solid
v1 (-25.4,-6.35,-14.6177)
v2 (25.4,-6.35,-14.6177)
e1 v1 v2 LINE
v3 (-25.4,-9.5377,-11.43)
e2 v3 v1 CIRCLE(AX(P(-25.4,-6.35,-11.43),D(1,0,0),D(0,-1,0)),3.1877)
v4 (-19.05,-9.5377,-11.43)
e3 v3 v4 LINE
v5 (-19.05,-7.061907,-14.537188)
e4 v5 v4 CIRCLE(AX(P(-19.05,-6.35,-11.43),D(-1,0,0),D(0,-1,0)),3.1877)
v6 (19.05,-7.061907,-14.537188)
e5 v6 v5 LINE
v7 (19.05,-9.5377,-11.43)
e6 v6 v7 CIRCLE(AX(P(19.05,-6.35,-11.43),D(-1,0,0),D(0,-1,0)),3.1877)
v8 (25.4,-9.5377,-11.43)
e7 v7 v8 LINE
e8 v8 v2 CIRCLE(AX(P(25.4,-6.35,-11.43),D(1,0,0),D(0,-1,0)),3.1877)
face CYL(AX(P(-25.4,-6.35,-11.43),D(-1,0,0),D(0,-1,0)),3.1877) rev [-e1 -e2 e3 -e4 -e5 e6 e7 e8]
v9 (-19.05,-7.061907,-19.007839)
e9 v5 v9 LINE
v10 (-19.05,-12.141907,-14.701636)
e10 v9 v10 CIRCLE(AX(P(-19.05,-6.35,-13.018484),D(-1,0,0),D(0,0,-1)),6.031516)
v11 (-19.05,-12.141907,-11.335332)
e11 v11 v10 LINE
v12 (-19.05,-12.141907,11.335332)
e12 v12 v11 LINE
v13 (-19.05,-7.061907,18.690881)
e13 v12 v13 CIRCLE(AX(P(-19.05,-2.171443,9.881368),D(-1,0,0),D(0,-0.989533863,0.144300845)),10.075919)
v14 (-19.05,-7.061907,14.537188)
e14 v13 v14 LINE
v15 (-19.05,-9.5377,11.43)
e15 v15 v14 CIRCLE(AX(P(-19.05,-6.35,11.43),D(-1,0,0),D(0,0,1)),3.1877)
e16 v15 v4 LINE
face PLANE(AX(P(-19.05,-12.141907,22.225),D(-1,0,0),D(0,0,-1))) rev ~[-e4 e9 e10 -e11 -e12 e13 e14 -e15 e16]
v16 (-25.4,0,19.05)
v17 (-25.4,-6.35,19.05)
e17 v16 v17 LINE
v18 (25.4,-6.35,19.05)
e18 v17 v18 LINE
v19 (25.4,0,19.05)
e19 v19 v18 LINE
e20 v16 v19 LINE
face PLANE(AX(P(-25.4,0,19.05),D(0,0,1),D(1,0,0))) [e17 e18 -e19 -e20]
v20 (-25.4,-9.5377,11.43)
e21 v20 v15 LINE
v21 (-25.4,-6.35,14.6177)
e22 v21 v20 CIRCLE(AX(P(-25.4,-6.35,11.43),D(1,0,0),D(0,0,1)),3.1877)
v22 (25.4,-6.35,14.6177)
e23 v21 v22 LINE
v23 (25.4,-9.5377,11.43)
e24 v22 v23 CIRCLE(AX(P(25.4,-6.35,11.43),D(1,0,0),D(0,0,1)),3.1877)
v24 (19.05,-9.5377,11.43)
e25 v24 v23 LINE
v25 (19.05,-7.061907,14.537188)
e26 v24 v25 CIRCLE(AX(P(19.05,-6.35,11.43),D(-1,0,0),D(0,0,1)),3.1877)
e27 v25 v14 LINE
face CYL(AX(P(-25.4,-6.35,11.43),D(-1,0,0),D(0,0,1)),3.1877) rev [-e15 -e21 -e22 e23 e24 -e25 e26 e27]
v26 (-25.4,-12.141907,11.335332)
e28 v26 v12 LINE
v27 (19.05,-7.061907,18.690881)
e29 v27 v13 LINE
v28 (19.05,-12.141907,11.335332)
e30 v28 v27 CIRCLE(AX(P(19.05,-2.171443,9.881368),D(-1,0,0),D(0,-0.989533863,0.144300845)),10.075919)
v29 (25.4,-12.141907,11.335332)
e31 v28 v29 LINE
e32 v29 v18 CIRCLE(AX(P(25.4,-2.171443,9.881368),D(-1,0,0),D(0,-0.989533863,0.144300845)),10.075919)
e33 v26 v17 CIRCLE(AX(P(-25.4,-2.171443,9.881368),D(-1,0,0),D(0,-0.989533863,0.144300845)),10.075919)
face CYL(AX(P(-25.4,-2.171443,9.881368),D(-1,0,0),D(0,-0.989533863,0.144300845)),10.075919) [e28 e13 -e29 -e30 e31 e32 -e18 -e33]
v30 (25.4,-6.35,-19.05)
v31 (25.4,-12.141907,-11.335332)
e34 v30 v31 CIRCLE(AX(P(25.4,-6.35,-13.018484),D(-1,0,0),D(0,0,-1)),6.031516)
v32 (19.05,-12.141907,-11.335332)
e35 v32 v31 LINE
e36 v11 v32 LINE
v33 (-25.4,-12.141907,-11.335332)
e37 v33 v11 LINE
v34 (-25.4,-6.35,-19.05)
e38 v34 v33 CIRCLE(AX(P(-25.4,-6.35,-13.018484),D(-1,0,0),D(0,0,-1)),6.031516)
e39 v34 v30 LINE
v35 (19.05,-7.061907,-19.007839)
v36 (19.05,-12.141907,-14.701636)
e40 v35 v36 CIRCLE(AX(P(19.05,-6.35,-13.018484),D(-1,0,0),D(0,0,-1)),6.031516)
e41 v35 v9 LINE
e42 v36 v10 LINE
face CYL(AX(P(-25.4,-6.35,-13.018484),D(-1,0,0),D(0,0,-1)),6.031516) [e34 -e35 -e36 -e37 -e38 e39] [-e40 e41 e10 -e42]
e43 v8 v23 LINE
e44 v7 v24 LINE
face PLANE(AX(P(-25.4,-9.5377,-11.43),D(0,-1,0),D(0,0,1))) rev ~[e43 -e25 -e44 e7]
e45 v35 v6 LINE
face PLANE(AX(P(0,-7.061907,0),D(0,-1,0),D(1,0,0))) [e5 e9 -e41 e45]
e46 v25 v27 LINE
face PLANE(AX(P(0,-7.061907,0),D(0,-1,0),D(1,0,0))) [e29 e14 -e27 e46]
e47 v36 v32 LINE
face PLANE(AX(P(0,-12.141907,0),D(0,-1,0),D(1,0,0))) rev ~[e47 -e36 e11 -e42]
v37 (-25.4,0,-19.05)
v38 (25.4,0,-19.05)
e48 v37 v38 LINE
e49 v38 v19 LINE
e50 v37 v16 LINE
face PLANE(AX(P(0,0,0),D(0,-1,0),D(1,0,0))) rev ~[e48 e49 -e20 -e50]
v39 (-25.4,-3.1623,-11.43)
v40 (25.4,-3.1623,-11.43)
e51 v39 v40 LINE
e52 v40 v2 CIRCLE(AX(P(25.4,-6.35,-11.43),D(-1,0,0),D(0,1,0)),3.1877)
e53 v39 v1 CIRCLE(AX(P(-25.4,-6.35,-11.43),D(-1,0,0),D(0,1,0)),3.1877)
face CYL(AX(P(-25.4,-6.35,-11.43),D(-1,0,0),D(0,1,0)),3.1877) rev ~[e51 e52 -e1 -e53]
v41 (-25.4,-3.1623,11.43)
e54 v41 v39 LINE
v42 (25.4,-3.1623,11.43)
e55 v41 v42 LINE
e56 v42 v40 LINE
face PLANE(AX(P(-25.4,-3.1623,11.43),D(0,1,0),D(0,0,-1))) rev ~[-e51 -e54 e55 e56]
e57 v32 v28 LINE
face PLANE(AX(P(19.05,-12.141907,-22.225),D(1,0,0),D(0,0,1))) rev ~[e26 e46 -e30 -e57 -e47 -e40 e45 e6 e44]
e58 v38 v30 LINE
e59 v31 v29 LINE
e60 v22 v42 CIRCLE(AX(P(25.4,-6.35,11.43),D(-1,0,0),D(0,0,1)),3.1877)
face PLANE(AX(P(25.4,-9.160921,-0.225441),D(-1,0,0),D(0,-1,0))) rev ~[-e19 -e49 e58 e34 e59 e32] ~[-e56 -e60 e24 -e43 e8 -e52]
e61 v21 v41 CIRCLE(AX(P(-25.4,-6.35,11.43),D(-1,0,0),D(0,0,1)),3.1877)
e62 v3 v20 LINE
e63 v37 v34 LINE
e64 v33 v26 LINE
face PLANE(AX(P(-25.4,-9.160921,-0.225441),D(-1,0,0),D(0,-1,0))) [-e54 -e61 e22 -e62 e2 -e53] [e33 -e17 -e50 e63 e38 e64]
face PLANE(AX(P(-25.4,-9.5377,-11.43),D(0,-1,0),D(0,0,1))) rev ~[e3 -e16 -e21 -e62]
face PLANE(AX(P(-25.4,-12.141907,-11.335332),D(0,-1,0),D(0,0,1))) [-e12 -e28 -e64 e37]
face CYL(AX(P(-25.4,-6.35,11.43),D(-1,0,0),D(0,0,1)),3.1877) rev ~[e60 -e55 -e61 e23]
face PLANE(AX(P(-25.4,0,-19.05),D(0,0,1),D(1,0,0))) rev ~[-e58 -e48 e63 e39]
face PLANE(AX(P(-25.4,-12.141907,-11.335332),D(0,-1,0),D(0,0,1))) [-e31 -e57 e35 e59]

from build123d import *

# Parameters (mm, degrees)
F0_W     = 50.8
F0_H     = 38.1
F1_DEPTH = 6.35
F3_DEPTH = 50.8
F5_DEPTH = 101.6
F6_W     = 38.1
F6_H     = 22.6706631617
F6_H_2   = 10.8896684192
F7_DEPTH = 5.08


with BuildPart() as f1:
    # F0 (on Front) → F1 (new body)
    with BuildSketch(Plane.XZ):
        Rectangle(F0_W, F0_H)
    extrude(amount=F1_DEPTH)

    # F2 (on face) → F3 (join)
    with BuildSketch(Plane(origin=(-25.4, 0, 0), x_dir=(0, -1, 0), z_dir=(-1, 0, 0))):
        with BuildLine():
            ThreePointArc((6.35, 14.6177), (8.6040442864, 13.6840442864), (9.5377, 11.43))
            ThreePointArc((9.5377, 11.43), (8.6040442864, 9.1759557136), (6.35, 8.2423))
            Line((6.35, 8.2423), (6.35, -8.2423))
            ThreePointArc((6.35, -8.2423), (8.6040442864, -9.1759557136), (9.5377, -11.43))
            ThreePointArc((9.5377, -11.43), (8.6040442864, -13.6840442864), (6.35, -14.6177))
            Line((6.35, -14.6177), (6.35, -19.05))
            ThreePointArc((6.35, -19.05), (11.173439943, -16.6397561834), (12.1419066563, -11.3353315808))
            Line((12.1419066563, -11.3353315808), (12.1419066563, 11.3353315808))
            ThreePointArc((12.1419066563, 11.3353315808), (10.2292171372, 15.9308663055), (6.35, 19.05))
            Line((6.35, 19.05), (6.35, 14.6177))
        make_face()
    extrude(amount=-F3_DEPTH)

    # F4 (on face) → F5 (cut)
    with BuildSketch(Plane(origin=(-25.4, 0, 0), x_dir=(0, -1, 0), z_dir=(-1, 0, 0))):
        with BuildLine():
            Line((6.35, 8.2423), (6.35, 14.6177))
            ThreePointArc((6.35, 14.6177), (4.0959557136, 13.6840442864), (3.1623, 11.43))
            ThreePointArc((3.1623, 11.43), (4.0959557136, 9.1759557136), (6.35, 8.2423))
        make_face()
        with BuildLine():
            ThreePointArc((6.35, 8.2423), (8.6040442864, 9.1759557136), (9.5377, 11.43))
            ThreePointArc((9.5377, 11.43), (8.6040442864, 13.6840442864), (6.35, 14.6177))
            Line((6.35, 14.6177), (6.35, 8.2423))
        make_face()
        with BuildLine():
            Line((6.35, -14.6177), (6.35, -8.2423))
            ThreePointArc((6.35, -8.2423), (4.0959557136, -9.1759557136), (3.1623, -11.43))
            ThreePointArc((3.1623, -11.43), (4.0959557136, -13.6840442864), (6.35, -14.6177))
        make_face()
        with BuildLine():
            ThreePointArc((6.35, -14.6177), (8.6040442864, -13.6840442864), (9.5377, -11.43))
            ThreePointArc((9.5377, -11.43), (8.6040442864, -9.1759557136), (6.35, -8.2423))
            Line((6.35, -8.2423), (6.35, -14.6177))
        make_face()
        with BuildLine():
            Line((9.5377, -11.43), (9.5377, 11.43))
            ThreePointArc((9.5377, 11.43), (8.6040442864, 9.1759557136), (6.35, 8.2423))
            ThreePointArc((6.35, 8.2423), (4.0959557136, 9.1759557136), (3.1623, 11.43))
            Line((3.1623, 11.43), (3.1623, -11.43))
            ThreePointArc((3.1623, -11.43), (4.0959557136, -9.1759557136), (6.35, -8.2423))
            ThreePointArc((6.35, -8.2423), (8.6040442864, -9.1759557136), (9.5377, -11.43))
        make_face()
    extrude(amount=-F5_DEPTH, mode=Mode.SUBTRACT)

    # F6 (on face) → F7 (cut)
    with BuildSketch(Plane.XZ.offset(12.1419066563)):
        Rectangle(F6_W, F6_H)
        with Locations((0, 16.7801657904)):
            Rectangle(F6_W, F6_H_2)
        with Locations((0, -16.7801657904)):
            Rectangle(F6_W, F6_H_2)
    extrude(amount=-F7_DEPTH, mode=Mode.SUBTRACT)


solid = f1.part
